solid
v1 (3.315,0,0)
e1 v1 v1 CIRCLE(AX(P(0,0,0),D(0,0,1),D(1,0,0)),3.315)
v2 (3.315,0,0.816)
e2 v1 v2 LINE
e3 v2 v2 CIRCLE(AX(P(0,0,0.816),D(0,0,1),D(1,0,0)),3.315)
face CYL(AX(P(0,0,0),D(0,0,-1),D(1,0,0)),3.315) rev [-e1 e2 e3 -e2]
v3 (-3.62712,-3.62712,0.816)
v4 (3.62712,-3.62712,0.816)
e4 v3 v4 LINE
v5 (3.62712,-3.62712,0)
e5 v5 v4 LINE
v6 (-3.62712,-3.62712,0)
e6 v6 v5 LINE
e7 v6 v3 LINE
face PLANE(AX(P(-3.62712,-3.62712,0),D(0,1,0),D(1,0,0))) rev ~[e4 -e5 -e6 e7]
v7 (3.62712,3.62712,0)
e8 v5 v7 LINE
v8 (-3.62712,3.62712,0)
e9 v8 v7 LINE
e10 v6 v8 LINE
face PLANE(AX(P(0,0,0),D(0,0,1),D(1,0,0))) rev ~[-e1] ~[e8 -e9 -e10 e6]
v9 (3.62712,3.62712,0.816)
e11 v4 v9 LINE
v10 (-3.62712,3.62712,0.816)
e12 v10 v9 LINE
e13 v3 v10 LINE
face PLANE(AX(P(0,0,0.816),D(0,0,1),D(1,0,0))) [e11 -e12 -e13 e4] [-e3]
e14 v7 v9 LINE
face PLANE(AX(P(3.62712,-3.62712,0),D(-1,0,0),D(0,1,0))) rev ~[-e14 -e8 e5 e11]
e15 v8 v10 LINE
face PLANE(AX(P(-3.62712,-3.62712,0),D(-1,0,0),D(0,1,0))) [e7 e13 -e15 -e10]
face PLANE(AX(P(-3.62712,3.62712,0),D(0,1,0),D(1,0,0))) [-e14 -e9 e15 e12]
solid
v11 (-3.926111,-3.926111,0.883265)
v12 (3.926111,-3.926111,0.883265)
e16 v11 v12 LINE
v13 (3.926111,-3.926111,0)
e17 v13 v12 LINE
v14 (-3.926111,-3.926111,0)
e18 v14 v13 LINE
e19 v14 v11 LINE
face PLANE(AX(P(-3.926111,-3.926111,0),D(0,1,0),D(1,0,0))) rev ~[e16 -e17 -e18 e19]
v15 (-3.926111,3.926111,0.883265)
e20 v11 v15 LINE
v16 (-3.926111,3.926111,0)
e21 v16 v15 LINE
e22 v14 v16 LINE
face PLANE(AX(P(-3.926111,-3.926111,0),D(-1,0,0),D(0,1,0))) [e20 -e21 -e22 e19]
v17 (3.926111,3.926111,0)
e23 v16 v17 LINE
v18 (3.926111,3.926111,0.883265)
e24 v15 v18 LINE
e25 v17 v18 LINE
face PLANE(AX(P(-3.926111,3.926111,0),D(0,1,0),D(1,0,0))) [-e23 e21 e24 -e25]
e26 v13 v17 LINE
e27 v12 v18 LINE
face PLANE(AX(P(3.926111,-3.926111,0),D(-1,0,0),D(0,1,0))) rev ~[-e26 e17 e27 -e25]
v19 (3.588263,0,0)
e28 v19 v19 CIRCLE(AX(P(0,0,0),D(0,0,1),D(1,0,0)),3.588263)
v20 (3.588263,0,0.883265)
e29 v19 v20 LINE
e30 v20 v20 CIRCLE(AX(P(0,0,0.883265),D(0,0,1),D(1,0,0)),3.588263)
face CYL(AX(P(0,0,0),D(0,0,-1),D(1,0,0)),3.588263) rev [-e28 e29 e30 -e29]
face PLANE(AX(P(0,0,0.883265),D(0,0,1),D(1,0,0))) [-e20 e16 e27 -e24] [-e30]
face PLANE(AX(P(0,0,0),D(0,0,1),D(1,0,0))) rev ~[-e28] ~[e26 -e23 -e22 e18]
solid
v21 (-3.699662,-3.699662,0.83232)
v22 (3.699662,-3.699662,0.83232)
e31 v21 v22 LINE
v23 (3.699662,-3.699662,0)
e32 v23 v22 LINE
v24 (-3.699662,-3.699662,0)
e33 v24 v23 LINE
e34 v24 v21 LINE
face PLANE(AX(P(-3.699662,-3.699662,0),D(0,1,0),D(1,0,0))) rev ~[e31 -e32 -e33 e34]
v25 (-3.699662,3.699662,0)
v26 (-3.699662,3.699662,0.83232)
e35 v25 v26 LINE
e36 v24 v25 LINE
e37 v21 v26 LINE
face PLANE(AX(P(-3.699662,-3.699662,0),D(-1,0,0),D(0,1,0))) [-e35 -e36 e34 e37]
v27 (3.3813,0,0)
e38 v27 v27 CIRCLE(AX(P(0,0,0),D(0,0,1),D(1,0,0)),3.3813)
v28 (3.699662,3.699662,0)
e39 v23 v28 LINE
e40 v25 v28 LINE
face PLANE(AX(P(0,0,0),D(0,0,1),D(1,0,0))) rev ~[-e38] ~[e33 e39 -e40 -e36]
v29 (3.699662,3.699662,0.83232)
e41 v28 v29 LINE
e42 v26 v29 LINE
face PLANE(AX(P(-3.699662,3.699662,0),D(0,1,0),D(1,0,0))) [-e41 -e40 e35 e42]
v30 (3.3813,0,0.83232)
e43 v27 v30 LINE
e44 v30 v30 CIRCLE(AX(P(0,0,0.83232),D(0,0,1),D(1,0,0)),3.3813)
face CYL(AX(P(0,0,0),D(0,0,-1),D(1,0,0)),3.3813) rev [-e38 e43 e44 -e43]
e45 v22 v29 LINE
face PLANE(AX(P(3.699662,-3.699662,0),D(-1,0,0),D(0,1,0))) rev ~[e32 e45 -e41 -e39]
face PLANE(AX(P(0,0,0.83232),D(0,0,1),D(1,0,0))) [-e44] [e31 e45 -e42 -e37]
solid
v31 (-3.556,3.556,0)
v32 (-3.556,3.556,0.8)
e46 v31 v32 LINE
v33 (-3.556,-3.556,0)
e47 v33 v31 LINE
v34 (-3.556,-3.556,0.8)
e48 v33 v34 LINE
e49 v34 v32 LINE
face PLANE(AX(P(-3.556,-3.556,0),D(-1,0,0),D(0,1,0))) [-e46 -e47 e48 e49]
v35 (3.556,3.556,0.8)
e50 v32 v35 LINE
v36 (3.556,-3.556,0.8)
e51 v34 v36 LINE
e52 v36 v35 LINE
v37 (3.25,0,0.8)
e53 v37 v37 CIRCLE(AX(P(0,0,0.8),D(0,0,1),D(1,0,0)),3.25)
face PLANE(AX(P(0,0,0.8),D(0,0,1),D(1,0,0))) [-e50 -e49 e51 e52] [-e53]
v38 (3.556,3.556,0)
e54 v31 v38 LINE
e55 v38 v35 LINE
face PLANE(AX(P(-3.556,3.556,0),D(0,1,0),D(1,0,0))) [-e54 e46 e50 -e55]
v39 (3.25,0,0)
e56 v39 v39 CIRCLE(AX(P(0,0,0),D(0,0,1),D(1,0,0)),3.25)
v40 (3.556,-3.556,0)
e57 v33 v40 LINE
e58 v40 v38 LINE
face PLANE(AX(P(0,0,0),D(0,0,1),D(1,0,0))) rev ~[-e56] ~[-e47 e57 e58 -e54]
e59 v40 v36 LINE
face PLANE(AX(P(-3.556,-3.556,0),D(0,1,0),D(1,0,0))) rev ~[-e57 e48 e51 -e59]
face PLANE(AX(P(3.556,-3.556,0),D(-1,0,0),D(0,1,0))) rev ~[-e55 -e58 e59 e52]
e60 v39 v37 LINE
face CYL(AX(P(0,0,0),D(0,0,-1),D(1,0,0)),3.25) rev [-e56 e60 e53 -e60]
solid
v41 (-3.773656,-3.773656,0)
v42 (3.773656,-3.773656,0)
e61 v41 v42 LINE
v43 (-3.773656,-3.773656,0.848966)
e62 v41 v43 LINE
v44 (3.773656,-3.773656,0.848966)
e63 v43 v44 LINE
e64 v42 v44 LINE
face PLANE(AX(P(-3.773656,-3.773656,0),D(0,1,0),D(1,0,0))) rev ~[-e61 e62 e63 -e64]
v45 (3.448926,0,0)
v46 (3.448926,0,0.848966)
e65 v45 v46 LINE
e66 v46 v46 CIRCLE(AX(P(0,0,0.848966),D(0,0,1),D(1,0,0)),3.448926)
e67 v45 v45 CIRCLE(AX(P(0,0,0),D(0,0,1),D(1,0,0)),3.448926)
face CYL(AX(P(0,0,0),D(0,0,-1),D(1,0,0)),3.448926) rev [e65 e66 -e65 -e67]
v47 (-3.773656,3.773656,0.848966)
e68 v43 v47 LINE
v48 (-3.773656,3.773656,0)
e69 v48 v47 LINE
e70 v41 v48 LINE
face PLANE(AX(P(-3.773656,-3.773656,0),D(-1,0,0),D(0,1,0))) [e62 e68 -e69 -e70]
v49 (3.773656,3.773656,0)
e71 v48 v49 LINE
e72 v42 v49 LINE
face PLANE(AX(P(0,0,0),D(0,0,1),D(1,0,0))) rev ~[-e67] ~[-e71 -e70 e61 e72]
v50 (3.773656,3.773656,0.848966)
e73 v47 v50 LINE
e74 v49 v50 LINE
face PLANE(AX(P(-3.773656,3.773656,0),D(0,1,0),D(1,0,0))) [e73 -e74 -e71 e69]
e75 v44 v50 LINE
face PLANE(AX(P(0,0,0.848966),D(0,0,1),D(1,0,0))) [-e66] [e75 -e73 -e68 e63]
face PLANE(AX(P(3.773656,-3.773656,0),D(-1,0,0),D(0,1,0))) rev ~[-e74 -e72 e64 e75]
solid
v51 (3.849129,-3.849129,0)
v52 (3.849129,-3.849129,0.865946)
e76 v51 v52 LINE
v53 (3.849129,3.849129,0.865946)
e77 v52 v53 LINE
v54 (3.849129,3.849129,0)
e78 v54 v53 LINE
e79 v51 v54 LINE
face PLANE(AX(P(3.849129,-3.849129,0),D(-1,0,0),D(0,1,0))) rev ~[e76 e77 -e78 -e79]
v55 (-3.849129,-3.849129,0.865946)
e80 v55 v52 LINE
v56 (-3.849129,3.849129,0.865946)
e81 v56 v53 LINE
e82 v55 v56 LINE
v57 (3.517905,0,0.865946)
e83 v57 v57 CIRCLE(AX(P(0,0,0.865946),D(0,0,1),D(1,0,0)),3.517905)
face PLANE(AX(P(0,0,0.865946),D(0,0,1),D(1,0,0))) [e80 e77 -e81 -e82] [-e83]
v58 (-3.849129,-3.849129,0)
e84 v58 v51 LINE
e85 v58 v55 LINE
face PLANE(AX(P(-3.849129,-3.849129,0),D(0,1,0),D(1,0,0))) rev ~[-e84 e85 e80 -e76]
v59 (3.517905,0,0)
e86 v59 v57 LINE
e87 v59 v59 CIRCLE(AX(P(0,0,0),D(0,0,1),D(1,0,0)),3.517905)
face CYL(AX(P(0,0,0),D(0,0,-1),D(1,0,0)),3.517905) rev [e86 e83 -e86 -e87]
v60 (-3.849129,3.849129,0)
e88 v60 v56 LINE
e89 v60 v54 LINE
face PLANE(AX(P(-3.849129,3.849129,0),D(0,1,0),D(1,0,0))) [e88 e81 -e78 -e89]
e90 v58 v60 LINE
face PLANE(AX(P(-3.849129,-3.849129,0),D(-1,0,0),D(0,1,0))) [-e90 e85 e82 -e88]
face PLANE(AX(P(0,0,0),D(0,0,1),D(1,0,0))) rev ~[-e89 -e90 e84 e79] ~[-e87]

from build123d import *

# Parameters (mm, degrees)
F0_W     = 7.112
F0_H     = 7.112
F0_R     = 3.25
F1_DEPTH = 0.8
F2_SCALE = 1.02
F3_SCALE = 1.02
F4_SCALE = 1.02
F5_SCALE = 1.02
F6_SCALE = 1.02


with BuildPart() as f1:
    # F0 (on Top) → F1 (new body)
    with BuildSketch(Plane.XY):
        Rectangle(F0_W, F0_H)
        Circle(F0_R, mode=Mode.SUBTRACT)
    extrude(amount=F1_DEPTH)


with BuildPart() as f2_1:
    # F2: copy of F1
    add(f1.part.scale(F2_SCALE))


with BuildPart() as f3_1:
    # F3: copy of F2_1
    add(f2_1.part.scale(F3_SCALE))


with BuildPart() as f4_1:
    # F4: copy of F3_1
    add(f3_1.part.scale(F4_SCALE))


with BuildPart() as f5_1:
    # F5: copy of F4_1
    add(f4_1.part.scale(F5_SCALE))


with BuildPart() as f6_1:
    # F6: copy of F5_1
    add(f5_1.part.scale(F6_SCALE))


solid = Compound([f1.part, f2_1.part, f3_1.part, f4_1.part, f5_1.part, f6_1.part])
